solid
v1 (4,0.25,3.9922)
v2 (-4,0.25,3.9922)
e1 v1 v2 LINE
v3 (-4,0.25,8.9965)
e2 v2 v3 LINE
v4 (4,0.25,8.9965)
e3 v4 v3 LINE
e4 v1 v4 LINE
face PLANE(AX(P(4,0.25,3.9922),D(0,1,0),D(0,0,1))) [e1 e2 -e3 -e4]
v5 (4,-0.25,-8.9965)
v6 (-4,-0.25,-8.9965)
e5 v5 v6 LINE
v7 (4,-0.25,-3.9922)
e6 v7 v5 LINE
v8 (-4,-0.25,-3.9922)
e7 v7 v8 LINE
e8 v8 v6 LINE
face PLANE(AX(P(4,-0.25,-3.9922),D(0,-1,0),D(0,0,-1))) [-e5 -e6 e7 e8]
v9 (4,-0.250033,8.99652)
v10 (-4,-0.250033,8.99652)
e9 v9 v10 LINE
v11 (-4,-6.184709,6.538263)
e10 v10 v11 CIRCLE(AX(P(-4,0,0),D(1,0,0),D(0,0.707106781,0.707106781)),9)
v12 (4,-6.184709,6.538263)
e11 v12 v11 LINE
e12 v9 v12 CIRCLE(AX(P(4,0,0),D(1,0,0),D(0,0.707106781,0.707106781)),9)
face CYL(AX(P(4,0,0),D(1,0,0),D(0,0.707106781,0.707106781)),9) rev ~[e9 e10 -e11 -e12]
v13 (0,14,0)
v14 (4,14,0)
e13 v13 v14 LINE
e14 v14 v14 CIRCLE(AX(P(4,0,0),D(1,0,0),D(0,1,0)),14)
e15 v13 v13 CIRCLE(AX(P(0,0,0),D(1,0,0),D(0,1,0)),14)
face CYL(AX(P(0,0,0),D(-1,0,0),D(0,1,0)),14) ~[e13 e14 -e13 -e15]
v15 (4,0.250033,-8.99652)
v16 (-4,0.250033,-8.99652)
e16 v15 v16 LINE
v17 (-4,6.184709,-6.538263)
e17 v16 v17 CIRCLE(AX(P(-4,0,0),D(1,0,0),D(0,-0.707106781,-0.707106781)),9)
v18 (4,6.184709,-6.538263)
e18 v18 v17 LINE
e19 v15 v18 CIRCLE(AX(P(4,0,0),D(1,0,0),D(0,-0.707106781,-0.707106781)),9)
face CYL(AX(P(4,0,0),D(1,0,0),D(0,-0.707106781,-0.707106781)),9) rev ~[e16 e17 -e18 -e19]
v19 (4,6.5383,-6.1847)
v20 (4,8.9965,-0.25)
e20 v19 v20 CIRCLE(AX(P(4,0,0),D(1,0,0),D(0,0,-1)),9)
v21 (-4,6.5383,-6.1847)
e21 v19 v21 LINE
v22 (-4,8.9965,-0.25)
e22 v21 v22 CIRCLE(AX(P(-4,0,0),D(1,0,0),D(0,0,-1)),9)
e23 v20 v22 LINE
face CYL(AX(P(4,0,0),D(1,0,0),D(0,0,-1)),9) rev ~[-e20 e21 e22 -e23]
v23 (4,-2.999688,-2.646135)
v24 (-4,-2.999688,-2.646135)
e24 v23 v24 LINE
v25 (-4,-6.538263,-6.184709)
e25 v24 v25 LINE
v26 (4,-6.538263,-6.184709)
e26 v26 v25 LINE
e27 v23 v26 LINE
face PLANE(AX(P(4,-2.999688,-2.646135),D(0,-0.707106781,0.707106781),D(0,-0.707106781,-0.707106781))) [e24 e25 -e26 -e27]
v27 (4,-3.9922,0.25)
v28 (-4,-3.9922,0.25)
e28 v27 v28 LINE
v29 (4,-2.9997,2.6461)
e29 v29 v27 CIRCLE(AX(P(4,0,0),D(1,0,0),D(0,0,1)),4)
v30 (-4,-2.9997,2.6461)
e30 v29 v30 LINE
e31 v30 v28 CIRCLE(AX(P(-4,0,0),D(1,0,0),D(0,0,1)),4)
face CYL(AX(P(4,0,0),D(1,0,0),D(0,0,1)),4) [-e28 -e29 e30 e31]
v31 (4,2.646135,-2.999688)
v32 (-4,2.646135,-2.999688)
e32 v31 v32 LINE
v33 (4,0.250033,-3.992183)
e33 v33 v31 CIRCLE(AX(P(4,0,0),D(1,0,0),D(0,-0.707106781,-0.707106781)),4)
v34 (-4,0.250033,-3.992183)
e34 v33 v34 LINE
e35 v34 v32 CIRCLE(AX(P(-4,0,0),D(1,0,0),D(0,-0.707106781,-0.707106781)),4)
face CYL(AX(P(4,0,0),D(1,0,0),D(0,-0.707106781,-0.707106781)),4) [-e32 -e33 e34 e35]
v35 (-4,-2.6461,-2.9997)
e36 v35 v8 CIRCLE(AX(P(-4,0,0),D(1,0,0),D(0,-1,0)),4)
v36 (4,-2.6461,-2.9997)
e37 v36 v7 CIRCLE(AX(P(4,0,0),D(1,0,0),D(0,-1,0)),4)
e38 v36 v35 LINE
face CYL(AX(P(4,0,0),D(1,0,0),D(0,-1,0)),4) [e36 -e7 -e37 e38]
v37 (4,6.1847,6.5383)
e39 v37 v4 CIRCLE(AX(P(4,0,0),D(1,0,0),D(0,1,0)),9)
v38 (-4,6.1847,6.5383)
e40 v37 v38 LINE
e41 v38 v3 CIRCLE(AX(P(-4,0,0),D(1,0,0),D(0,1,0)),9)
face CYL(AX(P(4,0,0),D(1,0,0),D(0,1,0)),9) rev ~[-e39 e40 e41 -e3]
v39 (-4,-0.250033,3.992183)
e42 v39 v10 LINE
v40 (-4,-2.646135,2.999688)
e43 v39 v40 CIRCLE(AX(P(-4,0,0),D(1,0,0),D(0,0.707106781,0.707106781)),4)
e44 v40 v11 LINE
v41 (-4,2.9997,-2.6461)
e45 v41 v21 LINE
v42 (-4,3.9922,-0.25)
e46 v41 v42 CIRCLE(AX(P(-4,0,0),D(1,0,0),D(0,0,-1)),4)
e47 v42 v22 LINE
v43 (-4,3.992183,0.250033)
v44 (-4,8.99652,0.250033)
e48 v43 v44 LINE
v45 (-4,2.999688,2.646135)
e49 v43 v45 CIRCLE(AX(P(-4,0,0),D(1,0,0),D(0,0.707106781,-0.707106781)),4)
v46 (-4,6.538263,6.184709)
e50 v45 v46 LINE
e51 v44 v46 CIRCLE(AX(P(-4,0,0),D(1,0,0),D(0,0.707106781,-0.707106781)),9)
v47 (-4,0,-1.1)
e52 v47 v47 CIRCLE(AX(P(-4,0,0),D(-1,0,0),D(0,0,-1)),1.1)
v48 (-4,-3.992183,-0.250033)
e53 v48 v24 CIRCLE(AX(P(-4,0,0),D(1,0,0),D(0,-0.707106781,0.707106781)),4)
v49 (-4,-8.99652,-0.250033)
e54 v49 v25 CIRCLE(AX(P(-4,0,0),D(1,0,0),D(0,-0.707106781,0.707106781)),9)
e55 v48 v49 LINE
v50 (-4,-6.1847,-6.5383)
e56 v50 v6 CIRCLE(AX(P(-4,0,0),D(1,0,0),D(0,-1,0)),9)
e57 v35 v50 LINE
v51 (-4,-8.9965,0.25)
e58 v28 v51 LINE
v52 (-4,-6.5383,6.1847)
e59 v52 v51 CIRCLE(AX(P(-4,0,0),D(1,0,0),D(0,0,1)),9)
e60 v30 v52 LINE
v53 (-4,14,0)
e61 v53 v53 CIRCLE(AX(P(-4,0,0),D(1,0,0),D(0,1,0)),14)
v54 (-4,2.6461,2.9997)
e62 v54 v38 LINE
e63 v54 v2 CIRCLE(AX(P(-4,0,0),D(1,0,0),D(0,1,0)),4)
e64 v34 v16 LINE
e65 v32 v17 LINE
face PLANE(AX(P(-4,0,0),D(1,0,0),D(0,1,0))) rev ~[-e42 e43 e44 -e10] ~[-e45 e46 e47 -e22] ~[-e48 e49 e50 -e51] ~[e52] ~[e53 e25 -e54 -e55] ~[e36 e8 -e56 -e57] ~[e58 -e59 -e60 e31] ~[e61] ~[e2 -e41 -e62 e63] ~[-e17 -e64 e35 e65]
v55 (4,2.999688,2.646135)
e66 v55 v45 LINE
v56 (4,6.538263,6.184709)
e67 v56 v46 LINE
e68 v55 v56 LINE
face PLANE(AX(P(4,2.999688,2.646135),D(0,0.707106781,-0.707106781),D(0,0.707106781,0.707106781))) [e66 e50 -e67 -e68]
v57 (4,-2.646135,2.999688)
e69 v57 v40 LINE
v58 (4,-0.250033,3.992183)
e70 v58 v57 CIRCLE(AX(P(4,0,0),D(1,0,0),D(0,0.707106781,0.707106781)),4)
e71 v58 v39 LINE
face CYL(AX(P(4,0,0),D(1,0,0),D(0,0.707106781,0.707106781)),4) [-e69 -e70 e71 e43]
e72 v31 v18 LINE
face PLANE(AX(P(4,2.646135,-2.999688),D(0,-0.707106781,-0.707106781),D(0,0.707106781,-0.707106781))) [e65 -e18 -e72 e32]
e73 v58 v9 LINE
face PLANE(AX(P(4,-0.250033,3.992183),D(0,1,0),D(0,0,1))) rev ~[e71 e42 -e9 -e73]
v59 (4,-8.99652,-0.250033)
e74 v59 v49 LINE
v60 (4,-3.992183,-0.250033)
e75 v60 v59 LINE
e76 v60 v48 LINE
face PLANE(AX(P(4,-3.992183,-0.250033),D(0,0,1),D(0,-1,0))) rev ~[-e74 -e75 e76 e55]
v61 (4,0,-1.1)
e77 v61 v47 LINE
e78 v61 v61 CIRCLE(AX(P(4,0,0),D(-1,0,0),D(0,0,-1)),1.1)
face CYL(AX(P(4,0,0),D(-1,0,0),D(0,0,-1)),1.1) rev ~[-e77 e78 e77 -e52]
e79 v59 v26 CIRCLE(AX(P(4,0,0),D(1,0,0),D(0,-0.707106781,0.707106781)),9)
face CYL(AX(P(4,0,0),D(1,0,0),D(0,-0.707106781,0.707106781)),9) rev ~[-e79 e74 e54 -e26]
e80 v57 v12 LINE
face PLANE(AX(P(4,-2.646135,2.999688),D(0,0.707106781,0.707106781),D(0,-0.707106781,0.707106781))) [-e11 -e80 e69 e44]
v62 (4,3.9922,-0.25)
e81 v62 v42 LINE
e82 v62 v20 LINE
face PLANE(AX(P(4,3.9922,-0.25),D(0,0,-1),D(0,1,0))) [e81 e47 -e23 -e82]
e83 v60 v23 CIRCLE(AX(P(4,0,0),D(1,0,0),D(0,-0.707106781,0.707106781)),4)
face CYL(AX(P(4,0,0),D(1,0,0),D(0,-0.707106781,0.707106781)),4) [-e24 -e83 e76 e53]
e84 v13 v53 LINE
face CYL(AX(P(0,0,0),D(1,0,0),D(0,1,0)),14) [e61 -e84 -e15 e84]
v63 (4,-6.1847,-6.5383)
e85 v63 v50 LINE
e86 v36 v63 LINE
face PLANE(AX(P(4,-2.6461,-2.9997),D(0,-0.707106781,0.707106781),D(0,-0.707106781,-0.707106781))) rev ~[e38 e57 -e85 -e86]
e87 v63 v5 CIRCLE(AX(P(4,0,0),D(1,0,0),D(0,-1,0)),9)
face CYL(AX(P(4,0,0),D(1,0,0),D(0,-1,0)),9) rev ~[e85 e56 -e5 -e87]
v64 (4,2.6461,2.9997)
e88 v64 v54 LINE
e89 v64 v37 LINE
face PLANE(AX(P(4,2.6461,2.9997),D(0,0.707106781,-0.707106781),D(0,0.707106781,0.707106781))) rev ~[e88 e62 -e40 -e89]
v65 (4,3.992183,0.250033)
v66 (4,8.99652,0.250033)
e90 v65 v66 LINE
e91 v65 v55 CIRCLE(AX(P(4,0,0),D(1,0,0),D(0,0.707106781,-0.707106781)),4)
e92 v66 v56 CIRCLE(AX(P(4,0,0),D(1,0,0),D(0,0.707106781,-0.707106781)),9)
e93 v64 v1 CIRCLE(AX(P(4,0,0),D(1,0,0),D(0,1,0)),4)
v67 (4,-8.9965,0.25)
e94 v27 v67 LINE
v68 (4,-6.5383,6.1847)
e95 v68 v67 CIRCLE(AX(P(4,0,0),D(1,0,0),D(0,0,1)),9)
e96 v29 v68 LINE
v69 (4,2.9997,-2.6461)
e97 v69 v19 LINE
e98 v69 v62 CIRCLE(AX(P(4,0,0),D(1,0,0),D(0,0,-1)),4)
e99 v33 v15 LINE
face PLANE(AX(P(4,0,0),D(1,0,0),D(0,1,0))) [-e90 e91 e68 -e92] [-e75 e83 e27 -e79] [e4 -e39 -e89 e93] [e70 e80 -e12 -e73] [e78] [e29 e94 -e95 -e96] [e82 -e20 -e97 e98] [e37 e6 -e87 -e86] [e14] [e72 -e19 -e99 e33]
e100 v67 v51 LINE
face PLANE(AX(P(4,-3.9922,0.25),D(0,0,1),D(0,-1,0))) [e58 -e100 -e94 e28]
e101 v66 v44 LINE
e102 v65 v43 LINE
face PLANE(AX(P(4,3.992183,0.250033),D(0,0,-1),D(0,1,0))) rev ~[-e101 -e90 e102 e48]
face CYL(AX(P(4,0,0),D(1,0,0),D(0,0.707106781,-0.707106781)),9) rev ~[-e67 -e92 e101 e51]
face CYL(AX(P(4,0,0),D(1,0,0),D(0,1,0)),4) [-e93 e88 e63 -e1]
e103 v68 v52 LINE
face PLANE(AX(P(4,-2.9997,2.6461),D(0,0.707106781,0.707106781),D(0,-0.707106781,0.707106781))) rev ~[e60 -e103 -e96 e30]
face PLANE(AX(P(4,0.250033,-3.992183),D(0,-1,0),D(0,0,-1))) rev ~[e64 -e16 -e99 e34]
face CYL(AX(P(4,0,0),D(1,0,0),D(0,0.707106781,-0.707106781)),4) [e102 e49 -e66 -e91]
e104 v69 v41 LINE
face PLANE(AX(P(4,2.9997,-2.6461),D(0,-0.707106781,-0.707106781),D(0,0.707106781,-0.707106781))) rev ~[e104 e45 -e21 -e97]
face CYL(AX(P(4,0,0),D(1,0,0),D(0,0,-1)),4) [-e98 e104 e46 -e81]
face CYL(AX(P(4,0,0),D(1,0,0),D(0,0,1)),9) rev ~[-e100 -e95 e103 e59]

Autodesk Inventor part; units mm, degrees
ref_plane "YZ Plane" through (0, 0, 0) normal (1, 0, 0) x (0, 1, 0)
ref_plane "XZ Plane" through (0, 0, 0) normal (0, 1, 0) x (-1, 0, 0)
ref_plane "XY Plane" through (0, 0, 0) normal (0, 0, 1) x (1, 0, 0)
sketch "スケッチ1" plane through (0, 0, 0) normal (1, 0, 0) x (0, 1, 0)
  circle A0 centre (0, 0) radius 14
  dimension "d0" = 28
extrude "押し出し1" add sketch "スケッチ1" along normal mid plane 8
sketch "スケッチ2" plane through (4, 0, 0) normal (1, 0, 0) x (0, 0, -1)
  circle A0 centre (0, 0) radius 14 projected
  circle A1 centre (0, 0) radius 4
  circle A2 centre (0, 0) radius 9
  line L0 (0.25, 3.9922) -> (0.25, 8.9965)
  line L1 (-0.25, 3.9922) -> (-0.25, 8.9965)
  line L2 (2.6461, 2.9997) -> (6.1847, 6.5383)
  line L3 (2.9997, 2.6461) -> (6.5383, 6.1847)
  point P0 (-0.25, 6.4944)
  point P1 (0.25, 6.4944)
  dimension "d3" = 8
  dimension "d4" = 18
  dimension "d5" = 0.5
  dimension "d6" = 0.5
  dimension "d7" = 45
extrude "押し出し2" cut sketch "スケッチ2" against normal through all contours A1 L0 A2 L2
pattern_circular "円形状パターン1" count 8 over 360 about axis through (0, 0, 0) along (1, 0, 0) of "押し出し2"
sketch "スケッチ3" plane through (4, 0, 0) normal (1, 0, 0) x (0, 0, -1)
  circle A0 centre (0, 0) radius 14 projected
hole "穴1" at (4, 0, 0) direction (-1, 0, 0) diameter 2.2 end through all
equation "\"d6\" = d5"
properties part number "wheel"
